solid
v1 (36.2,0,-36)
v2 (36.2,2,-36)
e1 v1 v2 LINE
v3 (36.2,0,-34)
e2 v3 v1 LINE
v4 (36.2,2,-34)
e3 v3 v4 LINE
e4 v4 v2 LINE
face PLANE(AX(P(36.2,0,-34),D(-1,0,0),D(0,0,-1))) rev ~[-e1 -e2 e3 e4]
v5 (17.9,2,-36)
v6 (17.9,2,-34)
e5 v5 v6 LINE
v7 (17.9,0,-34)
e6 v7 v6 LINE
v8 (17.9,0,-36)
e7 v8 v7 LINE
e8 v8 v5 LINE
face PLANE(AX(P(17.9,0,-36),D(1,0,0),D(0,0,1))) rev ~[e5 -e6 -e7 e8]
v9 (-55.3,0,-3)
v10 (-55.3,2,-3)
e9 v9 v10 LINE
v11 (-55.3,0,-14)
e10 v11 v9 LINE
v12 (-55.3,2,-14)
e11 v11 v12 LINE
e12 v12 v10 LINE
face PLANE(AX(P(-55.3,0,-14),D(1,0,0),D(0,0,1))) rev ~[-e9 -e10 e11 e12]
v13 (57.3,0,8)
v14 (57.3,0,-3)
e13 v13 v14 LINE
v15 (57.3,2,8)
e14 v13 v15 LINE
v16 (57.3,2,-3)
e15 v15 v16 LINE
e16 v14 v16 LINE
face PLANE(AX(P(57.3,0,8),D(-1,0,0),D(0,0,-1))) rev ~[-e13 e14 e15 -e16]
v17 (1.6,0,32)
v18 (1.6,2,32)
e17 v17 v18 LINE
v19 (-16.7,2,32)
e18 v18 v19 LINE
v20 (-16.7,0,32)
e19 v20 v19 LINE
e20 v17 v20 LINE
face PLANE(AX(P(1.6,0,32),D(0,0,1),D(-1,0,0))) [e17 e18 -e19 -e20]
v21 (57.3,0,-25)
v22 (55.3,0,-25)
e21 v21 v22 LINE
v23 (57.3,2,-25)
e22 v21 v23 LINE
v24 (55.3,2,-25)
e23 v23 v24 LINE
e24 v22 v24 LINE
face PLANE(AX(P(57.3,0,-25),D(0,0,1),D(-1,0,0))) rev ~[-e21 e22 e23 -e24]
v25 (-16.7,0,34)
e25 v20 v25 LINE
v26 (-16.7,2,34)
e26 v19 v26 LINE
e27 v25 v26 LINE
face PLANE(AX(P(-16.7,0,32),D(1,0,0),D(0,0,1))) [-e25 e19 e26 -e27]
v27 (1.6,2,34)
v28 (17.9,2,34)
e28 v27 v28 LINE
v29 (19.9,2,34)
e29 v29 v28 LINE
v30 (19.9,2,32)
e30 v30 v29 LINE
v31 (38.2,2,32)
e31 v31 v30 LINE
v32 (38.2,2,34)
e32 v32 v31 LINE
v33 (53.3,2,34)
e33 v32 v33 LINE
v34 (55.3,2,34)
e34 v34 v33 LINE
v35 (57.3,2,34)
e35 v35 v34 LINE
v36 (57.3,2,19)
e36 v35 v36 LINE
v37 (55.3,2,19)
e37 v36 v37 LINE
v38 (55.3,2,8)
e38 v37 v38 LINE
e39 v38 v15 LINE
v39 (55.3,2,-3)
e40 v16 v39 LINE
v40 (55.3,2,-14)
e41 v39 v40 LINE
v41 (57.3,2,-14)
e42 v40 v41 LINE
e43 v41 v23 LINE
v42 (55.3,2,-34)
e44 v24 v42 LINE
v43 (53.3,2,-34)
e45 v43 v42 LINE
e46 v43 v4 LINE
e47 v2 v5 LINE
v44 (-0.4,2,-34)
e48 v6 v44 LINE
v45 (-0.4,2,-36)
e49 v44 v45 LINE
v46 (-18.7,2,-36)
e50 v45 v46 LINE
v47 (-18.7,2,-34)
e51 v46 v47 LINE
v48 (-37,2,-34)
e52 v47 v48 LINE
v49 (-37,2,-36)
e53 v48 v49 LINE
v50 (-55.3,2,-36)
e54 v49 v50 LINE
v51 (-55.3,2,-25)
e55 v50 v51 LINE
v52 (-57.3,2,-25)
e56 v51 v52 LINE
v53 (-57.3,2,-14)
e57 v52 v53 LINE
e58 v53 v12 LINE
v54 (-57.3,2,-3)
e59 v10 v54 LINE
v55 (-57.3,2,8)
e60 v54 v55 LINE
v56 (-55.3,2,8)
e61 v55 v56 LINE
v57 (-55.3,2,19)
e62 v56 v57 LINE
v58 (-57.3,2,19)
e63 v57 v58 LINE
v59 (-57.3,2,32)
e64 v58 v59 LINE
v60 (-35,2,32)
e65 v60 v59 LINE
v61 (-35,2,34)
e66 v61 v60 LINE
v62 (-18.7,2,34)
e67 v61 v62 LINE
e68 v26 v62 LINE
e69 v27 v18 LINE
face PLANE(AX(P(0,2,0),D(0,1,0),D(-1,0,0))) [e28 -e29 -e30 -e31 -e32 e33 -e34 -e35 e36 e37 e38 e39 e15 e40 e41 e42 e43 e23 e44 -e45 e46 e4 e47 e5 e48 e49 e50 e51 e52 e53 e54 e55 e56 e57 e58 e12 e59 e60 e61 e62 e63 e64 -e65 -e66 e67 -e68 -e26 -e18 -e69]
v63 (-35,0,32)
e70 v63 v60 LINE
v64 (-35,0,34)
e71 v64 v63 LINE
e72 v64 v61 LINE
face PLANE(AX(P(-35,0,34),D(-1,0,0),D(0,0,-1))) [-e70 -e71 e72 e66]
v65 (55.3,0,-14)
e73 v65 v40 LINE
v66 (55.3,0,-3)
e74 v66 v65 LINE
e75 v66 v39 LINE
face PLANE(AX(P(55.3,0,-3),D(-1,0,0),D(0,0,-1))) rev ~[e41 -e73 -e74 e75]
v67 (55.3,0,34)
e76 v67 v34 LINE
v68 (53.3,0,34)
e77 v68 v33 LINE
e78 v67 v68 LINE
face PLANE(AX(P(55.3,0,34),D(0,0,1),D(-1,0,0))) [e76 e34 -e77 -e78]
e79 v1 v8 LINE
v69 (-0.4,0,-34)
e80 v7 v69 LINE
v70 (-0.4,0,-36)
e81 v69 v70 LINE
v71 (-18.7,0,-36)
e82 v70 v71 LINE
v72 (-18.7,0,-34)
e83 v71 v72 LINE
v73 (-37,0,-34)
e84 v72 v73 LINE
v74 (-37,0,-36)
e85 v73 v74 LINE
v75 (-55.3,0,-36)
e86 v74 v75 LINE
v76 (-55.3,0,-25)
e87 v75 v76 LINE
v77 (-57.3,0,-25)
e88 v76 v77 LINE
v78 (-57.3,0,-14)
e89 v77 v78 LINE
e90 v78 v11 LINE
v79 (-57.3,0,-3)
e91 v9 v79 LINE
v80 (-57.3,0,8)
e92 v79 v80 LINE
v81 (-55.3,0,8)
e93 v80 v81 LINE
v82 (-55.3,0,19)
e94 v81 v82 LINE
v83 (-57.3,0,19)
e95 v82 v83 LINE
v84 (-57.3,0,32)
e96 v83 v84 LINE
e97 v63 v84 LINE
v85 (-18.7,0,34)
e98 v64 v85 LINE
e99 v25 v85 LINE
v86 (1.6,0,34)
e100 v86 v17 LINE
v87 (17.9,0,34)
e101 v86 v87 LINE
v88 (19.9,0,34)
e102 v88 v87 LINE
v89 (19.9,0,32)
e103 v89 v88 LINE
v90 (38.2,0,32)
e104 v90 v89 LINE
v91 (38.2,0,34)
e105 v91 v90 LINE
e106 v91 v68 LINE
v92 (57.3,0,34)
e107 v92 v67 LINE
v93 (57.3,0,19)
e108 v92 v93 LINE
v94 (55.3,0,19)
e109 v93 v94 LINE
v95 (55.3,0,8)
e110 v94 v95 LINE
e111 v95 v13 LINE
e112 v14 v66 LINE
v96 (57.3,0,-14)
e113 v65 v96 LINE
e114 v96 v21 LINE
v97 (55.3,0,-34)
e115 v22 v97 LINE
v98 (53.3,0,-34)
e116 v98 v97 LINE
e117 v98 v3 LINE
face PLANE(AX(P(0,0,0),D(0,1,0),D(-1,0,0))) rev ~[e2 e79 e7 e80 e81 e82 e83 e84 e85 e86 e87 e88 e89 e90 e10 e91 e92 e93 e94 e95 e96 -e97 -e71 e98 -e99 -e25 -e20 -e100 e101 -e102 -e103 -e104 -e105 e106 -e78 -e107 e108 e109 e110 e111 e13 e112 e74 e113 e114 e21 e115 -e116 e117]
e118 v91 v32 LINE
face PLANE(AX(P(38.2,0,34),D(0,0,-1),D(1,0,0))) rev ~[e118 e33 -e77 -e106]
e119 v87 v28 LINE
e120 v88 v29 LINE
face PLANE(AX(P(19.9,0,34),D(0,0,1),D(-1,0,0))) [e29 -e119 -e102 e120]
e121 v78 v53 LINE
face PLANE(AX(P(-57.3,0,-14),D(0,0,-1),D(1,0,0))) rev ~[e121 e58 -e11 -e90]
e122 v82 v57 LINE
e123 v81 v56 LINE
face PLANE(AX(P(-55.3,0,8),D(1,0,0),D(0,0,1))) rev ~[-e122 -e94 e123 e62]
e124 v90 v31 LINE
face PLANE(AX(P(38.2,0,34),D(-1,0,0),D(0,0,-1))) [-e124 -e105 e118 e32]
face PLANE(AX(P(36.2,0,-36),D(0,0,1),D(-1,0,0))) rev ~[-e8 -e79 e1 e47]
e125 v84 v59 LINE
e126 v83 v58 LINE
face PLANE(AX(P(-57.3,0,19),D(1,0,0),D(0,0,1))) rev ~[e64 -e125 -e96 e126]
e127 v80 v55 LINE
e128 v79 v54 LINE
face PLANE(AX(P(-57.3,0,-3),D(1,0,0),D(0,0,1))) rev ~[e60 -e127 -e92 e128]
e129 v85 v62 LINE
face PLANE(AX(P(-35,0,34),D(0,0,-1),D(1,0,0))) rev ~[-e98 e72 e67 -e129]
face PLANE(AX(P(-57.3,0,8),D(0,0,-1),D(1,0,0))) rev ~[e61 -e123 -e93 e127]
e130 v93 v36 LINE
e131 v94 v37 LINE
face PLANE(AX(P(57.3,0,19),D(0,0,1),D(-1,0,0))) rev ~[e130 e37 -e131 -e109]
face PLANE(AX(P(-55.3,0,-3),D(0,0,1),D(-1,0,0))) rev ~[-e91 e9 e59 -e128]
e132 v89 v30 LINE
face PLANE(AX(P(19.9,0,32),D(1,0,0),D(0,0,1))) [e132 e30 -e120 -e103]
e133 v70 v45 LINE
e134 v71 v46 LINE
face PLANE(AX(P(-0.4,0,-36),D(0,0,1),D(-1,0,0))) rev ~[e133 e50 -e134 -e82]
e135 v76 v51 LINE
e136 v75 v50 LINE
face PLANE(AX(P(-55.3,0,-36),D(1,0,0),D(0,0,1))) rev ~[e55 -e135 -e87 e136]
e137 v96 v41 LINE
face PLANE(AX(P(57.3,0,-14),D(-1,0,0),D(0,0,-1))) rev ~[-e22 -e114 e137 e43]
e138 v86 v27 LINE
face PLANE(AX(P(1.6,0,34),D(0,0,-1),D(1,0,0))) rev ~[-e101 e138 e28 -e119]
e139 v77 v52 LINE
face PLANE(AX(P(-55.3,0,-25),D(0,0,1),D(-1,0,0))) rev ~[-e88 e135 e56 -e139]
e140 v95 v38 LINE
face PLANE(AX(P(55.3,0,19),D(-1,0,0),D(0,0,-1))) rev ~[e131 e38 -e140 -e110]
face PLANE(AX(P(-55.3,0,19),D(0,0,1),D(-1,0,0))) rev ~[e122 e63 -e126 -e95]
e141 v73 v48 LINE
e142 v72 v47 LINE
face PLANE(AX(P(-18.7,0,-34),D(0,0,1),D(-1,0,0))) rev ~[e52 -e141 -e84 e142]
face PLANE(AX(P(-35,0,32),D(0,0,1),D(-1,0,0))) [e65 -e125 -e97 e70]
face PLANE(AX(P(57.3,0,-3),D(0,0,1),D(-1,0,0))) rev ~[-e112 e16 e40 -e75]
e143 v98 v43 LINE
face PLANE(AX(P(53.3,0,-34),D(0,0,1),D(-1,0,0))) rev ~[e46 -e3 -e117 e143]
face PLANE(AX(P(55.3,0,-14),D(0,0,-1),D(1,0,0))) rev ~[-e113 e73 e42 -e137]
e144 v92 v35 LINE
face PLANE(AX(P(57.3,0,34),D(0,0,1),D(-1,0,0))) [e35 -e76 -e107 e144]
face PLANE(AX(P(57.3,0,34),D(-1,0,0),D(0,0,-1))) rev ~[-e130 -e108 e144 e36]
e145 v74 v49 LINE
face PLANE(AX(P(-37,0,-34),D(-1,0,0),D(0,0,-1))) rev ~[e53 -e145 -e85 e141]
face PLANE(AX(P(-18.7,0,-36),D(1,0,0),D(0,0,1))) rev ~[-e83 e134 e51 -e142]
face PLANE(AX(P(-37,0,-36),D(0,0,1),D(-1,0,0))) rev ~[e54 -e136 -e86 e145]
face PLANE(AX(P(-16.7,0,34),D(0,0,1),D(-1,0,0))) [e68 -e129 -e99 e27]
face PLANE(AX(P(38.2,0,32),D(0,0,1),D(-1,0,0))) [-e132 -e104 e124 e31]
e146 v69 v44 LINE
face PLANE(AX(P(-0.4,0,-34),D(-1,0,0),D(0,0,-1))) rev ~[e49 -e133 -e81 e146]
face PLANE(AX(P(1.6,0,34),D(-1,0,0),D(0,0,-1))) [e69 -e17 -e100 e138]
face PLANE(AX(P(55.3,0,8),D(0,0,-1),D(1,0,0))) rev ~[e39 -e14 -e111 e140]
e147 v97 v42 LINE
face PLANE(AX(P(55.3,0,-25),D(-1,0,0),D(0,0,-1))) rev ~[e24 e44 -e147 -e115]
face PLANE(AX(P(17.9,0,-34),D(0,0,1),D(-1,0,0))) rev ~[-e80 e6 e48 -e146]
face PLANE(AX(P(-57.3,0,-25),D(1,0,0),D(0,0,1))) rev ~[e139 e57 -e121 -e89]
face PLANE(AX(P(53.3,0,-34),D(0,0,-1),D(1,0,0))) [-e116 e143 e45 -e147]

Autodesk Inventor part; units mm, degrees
ref_plane "YZ Plane" through (0, 0, 0) normal (1, 0, 0) x (0, 1, 0)
ref_plane "XZ Plane" through (0, 0, 0) normal (0, 1, 0) x (-1, 0, 0)
ref_plane "XY Plane" through (0, 0, 0) normal (0, 0, 1) x (1, 0, 0)
sketch "Sketch1" plane through (0, 0, 0) normal (0, 1, 0) x (-1, 0, 0)
  line L0 (55.3, 34) -> (-55.3, -34) construction
  line L1 (-55.3, 34) -> (55.3, -34) construction
  line L2 (35, 34) -> (18.7, 34)
  line L3 (-1.6, 34) -> (-17.9, 34)
  line L4 (35, 34) -> (18.7, 34)
  line L5 (-1.6, 34) -> (-17.9, 34)
  line L6 (-38.2, 34) -> (-53.3, 34)
  line L7 (41.2856, 32.5499) -> (41.2856, 32.5817)
  line L8 (54.8971, 24.1408) -> (54.9227, 24.1408)
  line L9 (-57.3, 34) -> (-55.3, 34)
  line L10 (-57.3, 34) -> (-38.2, 34)
  line L11 (-38.2, 34) -> (-38.2, 32)
  line L12 (-38.2, 32) -> (-19.9, 32)
  line L13 (-19.9, 32) -> (-19.9, 34)
  line L14 (-19.9, 34) -> (-1.6, 34)
  line L15 (-1.6, 34) -> (-1.6, 32)
  line L16 (-1.6, 32) -> (16.7, 32)
  line L17 (16.7, 32) -> (16.7, 34)
  line L18 (16.7, 34) -> (35, 34)
  line L19 (35, 34) -> (35, 32)
  line L20 (35, 32) -> (57.3, 32)
  line L21 (16.7, 34) -> (35, 34)
  line L22 (-55.3, 34) -> (-38.2, 34)
  line L23 (-19.9, 34) -> (-1.6, 34)
  line L24 (-57.3, 34) -> (-57.3, 19)
  line L25 (-57.3, 19) -> (-57.3, 34)
  line L26 (-55.3, -25) -> (-55.3, -34)
  line L27 (-57.3, 19) -> (-55.3, 19)
  line L28 (-55.3, 19) -> (-55.3, 8)
  line L29 (-55.3, 8) -> (-57.3, 8)
  line L30 (-57.3, 8) -> (-57.3, -3)
  line L31 (-57.3, -3) -> (-55.3, -3)
  line L32 (-55.3, -3) -> (-55.3, -14)
  line L33 (-55.3, -14) -> (-57.3, -14)
  line L34 (-57.3, -14) -> (-57.3, -25)
  line L35 (-57.3, -25) -> (-55.3, -25)
  line L36 (-53.3, -34) -> (-55.3, -34)
  line L37 (-53.3, -34) -> (-36.2, -34)
  line L38 (-36.2, -34) -> (-36.2, -36)
  line L39 (-36.2, -36) -> (-17.9, -36)
  line L40 (-17.9, -36) -> (-17.9, -34)
  line L41 (-17.9, -34) -> (0.4, -34)
  line L42 (0.4, -34) -> (0.4, -36)
  line L43 (0.4, -36) -> (18.7, -36)
  line L44 (18.7, -36) -> (18.7, -34)
  line L45 (18.7, -34) -> (37, -34)
  line L46 (37, -34) -> (37, -36)
  line L47 (37, -36) -> (55.3, -36)
  line L48 (55.3, -36) -> (55.3, -25)
  line L49 (55.3, -25) -> (57.3, -25)
  line L50 (57.3, -25) -> (57.3, -14)
  line L51 (57.3, -14) -> (55.3, -14)
  line L52 (55.3, -14) -> (55.3, -3)
  line L53 (55.3, -3) -> (57.3, -3)
  line L54 (57.3, -3) -> (57.3, 8)
  line L55 (57.3, 8) -> (55.3, 8)
  line L56 (55.3, 8) -> (55.3, 19)
  line L57 (55.3, 19) -> (57.3, 19)
  line L58 (57.3, 19) -> (57.3, 32)
  point P0 (-53.3, 32.7703)
  point P1 (1.6, 32)
  point P2 (52.0471, 32)
  point P3 (57.3, -21)
  point P4 (57.3, -35.2297)
  point P5 (57.3, 34)
  point P6 (-57.3, -35.2297)
  point P7 (-55.3, -36)
  dimension "d32" = 19.1
  dimension "d33" = 18.3
  dimension "d34" = 18.3
  dimension "d35" = 18.3
  dimension "d36" = 18.3
  dimension "d53" = 15
  dimension "d54" = 2
  dimension "d55" = 11
  dimension "d56" = 11
  dimension "d58" = 11
  dimension "d59" = 2
  dimension "d60" = 11
  dimension "d62" = 17.1
  dimension "d63" = 18.3
  dimension "d64" = 2
  dimension "d65" = 18.3
  dimension "d66" = 2
  dimension "d67" = 18.3
  dimension "d68" = 2
  dimension "d69" = 18.3
  dimension "d72" = 11
  dimension "d73" = 11
  dimension "d74" = 2
  dimension "d75" = 11
  dimension "d76" = 11
  dimension "d77" = 11
extrude "Extrusion1" add sketch "Sketch1" along normal blind 2
properties part number "BAWAH"
